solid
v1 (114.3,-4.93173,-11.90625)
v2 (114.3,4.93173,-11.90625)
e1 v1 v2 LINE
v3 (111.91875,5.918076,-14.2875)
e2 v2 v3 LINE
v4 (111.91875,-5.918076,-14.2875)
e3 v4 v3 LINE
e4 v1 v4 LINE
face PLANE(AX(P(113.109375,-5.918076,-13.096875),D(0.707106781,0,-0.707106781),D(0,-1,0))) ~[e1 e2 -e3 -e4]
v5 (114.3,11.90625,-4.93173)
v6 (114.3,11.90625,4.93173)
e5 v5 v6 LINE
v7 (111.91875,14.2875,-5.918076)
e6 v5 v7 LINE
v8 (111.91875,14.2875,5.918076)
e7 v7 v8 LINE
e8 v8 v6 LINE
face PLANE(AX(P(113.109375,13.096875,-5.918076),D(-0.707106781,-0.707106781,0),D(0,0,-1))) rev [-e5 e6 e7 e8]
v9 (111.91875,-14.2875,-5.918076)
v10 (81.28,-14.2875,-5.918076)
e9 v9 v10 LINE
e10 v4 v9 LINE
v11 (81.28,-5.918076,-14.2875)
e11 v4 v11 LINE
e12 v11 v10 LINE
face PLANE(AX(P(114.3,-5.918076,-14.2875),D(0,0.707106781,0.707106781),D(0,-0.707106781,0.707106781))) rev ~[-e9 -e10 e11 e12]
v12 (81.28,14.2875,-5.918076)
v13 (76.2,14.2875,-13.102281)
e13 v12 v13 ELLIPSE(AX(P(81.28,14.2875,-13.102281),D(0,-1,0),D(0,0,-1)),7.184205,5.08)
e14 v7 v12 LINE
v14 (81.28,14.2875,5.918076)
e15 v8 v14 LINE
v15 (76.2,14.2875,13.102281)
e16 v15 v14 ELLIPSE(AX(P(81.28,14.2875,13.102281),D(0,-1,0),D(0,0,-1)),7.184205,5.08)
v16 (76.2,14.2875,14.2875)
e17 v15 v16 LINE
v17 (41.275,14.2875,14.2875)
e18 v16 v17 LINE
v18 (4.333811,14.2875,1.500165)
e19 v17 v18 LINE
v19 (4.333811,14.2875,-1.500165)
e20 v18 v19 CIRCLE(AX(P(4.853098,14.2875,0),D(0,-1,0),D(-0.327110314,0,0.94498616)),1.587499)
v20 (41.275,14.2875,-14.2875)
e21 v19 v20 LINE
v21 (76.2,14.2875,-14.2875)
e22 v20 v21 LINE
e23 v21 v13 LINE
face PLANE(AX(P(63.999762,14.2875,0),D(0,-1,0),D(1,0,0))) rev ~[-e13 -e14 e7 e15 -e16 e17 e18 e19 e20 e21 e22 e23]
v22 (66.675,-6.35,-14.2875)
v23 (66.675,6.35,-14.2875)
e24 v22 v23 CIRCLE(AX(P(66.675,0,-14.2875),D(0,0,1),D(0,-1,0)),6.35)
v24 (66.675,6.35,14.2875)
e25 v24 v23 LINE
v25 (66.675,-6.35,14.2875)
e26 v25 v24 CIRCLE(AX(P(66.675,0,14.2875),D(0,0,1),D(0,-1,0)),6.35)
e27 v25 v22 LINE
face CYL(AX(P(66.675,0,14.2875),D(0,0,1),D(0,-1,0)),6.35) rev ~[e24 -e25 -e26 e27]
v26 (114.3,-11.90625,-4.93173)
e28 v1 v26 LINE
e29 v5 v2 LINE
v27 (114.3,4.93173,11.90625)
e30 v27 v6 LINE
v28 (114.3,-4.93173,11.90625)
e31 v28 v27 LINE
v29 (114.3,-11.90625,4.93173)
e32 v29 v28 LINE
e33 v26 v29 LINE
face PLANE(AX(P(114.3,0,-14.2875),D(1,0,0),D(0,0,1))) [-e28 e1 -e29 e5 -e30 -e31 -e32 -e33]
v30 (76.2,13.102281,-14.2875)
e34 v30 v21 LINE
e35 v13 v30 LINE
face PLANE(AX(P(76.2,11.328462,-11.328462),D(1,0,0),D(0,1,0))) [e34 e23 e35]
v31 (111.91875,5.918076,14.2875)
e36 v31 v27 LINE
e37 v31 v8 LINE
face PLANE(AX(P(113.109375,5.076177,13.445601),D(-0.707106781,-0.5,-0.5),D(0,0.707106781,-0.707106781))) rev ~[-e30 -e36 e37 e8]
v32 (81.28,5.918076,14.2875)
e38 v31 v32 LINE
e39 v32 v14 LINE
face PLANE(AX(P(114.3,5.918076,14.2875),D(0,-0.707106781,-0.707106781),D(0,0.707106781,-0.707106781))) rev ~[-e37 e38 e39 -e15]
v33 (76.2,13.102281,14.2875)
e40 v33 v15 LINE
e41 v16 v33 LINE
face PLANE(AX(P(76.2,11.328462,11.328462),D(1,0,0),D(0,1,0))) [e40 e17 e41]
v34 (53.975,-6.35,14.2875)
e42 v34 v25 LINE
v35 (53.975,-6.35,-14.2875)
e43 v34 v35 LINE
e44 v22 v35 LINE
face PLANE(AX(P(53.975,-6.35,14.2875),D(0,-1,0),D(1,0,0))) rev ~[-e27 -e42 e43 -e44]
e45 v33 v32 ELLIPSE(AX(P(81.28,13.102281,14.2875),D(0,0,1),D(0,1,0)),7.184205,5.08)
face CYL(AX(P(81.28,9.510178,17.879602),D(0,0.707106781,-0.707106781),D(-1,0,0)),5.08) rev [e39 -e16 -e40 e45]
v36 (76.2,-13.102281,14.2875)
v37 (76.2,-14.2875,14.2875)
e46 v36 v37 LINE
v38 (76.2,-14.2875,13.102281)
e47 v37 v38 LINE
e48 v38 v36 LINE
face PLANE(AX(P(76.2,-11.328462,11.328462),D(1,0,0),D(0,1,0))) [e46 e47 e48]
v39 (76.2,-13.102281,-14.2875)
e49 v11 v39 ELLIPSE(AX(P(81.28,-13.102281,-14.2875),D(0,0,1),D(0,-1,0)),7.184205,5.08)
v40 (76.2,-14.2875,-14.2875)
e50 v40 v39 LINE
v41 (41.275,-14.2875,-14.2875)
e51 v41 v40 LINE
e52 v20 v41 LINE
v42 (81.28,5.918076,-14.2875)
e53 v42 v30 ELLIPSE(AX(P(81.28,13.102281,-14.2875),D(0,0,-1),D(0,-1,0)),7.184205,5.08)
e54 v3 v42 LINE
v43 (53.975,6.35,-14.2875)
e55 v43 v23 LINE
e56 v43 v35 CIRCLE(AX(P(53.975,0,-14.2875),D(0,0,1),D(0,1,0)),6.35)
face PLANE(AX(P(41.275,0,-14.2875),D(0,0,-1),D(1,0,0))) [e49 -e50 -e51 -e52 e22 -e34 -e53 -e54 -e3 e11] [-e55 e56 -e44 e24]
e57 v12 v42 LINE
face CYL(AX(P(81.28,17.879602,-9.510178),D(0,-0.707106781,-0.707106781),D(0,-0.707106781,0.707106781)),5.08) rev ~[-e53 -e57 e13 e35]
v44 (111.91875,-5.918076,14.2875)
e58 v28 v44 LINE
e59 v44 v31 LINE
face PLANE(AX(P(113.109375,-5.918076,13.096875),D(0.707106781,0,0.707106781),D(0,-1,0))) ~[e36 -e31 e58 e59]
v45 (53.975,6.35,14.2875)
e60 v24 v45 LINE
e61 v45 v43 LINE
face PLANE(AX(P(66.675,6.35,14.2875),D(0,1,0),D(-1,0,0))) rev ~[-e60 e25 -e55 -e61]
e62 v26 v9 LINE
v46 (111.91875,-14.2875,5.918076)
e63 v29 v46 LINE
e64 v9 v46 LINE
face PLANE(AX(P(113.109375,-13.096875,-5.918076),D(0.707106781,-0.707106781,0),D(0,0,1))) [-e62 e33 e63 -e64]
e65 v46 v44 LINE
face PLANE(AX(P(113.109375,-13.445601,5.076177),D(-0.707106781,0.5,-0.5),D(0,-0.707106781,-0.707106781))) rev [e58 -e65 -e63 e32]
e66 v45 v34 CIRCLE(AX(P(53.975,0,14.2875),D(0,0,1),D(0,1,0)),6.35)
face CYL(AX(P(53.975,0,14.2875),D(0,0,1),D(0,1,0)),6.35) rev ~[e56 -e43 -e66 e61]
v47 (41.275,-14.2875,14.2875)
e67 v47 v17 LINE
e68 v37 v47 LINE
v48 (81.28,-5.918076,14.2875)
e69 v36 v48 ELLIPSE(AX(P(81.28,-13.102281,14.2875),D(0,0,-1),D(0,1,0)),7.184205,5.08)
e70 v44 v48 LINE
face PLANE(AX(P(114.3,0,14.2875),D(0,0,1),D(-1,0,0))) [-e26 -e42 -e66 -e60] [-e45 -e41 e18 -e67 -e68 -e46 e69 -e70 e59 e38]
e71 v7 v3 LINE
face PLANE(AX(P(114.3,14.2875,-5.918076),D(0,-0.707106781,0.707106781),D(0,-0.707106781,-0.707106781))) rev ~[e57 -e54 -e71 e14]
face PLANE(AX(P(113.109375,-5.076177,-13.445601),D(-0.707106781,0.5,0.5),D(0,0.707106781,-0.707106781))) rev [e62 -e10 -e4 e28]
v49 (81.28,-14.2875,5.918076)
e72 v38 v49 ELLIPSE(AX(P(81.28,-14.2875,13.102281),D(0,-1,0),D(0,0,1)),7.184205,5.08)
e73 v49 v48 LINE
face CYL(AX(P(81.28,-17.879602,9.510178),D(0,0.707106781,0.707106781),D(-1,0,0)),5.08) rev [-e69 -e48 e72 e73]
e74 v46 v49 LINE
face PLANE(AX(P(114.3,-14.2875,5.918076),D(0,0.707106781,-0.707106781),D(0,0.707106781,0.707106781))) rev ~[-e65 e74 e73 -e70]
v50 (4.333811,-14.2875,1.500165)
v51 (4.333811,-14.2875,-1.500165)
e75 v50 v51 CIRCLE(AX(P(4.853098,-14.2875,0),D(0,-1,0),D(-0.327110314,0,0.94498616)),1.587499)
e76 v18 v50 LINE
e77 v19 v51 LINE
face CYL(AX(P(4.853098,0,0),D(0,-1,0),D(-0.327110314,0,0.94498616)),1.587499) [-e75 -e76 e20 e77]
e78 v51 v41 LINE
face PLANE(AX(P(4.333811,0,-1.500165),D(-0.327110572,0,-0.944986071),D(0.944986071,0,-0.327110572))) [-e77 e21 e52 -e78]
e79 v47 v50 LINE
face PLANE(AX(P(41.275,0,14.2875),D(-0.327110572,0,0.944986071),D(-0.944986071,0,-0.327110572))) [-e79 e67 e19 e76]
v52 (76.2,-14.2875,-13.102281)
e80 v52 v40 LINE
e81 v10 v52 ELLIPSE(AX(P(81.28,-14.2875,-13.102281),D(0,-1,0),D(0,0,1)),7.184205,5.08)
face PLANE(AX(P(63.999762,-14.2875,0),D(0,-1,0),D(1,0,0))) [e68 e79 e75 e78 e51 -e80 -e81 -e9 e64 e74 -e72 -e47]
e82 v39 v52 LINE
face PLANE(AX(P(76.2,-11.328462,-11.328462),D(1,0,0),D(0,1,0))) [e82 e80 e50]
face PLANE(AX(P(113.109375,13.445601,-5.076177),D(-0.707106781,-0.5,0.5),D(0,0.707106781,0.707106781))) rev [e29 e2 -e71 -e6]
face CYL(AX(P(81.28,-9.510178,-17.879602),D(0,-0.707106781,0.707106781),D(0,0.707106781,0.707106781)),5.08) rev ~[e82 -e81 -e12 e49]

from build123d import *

# Parameters (mm, degrees)
F1_DEPTH = 14.2875
F3_DEPTH = 28.576
F5_DEPTH = 38.1
F6_R     = 5.08
F7_SIZE  = 2.38125


with BuildPart() as f1:
    # F0 (on Front) → F1 (new body, symmetric)
    with BuildSketch(Plane.XZ):
        with BuildLine():
            Line((76.2, 14.2875), (41.275, 14.2875))
            Line((41.275, 14.2875), (4.333811, 1.500165))
            ThreePointArc((4.333811, 1.500165), (3.265599, 0), (4.333811, -1.500165))
            Line((4.333811, -1.500165), (41.275, -14.2875))
            Line((41.275, -14.2875), (76.2, -14.2875))
            Line((76.2, -14.2875), (114.3, -14.2875))
            Line((114.3, -14.2875), (114.3, 14.2875))
            Line((114.3, 14.2875), (76.2, 14.2875))
        make_face()
    extrude(amount=F1_DEPTH, both=True)

    # F2 (on face) → F3 (cut, through all)
    with BuildSketch(Plane.XY.offset(14.2875)):
        with BuildLine():
            Line((66.675, 6.35), (53.975, 6.35))
            ThreePointArc((53.975, 6.35), (47.625, 0), (53.975, -6.35))
            Line((53.975, -6.35), (66.675, -6.35))
            ThreePointArc((66.675, -6.35), (73.025, 0), (66.675, 6.35))
        make_face()
    extrude(amount=-F3_DEPTH, mode=Mode.SUBTRACT)

    # F4 (on face) → F5 (cut)
    with BuildSketch(Plane.YZ.offset(114.3)):
        Polygon((5.918076, 14.2875), (14.2875, 5.918076), (14.2875, 14.2875), align=None)
        Polygon((-14.2875, 5.918076), (-5.918076, 14.2875), (-14.2875, 14.2875), align=None)
        Polygon((-14.2875, -14.2875), (-5.918076, -14.2875), (-14.2875, -5.918076), align=None)
        Polygon((5.918076, -14.2875), (14.2875, -14.2875), (14.2875, -5.918076), align=None)
    extrude(amount=-F5_DEPTH, mode=Mode.SUBTRACT)

    # F6
    f6_edges = [f1.edges().sort_by_distance(p)[0] for p in [
        (76.2, -10.102788, 10.102788),
        (76.2, -10.102788, -10.102788),
        (76.2, 10.102788, -10.102788),
        (76.2, 10.102788, 10.102788),
    ]]
    fillet(f6_edges, radius=F6_R)

    # F7
    f7_edges = [f1.edges().sort_by_distance(p)[0] for p in [
        (114.3, 10.102788, -10.102788),
        (114.3, 0, -14.2875),
        (114.3, -10.102788, -10.102788),
        (114.3, -14.2875, 0),
        (114.3, -10.102788, 10.102788),
        (114.3, 0, 14.2875),
        (114.3, 10.102788, 10.102788),
        (114.3, 14.2875, 0),
    ]]
    chamfer(f7_edges, length=F7_SIZE)


solid = f1.part
